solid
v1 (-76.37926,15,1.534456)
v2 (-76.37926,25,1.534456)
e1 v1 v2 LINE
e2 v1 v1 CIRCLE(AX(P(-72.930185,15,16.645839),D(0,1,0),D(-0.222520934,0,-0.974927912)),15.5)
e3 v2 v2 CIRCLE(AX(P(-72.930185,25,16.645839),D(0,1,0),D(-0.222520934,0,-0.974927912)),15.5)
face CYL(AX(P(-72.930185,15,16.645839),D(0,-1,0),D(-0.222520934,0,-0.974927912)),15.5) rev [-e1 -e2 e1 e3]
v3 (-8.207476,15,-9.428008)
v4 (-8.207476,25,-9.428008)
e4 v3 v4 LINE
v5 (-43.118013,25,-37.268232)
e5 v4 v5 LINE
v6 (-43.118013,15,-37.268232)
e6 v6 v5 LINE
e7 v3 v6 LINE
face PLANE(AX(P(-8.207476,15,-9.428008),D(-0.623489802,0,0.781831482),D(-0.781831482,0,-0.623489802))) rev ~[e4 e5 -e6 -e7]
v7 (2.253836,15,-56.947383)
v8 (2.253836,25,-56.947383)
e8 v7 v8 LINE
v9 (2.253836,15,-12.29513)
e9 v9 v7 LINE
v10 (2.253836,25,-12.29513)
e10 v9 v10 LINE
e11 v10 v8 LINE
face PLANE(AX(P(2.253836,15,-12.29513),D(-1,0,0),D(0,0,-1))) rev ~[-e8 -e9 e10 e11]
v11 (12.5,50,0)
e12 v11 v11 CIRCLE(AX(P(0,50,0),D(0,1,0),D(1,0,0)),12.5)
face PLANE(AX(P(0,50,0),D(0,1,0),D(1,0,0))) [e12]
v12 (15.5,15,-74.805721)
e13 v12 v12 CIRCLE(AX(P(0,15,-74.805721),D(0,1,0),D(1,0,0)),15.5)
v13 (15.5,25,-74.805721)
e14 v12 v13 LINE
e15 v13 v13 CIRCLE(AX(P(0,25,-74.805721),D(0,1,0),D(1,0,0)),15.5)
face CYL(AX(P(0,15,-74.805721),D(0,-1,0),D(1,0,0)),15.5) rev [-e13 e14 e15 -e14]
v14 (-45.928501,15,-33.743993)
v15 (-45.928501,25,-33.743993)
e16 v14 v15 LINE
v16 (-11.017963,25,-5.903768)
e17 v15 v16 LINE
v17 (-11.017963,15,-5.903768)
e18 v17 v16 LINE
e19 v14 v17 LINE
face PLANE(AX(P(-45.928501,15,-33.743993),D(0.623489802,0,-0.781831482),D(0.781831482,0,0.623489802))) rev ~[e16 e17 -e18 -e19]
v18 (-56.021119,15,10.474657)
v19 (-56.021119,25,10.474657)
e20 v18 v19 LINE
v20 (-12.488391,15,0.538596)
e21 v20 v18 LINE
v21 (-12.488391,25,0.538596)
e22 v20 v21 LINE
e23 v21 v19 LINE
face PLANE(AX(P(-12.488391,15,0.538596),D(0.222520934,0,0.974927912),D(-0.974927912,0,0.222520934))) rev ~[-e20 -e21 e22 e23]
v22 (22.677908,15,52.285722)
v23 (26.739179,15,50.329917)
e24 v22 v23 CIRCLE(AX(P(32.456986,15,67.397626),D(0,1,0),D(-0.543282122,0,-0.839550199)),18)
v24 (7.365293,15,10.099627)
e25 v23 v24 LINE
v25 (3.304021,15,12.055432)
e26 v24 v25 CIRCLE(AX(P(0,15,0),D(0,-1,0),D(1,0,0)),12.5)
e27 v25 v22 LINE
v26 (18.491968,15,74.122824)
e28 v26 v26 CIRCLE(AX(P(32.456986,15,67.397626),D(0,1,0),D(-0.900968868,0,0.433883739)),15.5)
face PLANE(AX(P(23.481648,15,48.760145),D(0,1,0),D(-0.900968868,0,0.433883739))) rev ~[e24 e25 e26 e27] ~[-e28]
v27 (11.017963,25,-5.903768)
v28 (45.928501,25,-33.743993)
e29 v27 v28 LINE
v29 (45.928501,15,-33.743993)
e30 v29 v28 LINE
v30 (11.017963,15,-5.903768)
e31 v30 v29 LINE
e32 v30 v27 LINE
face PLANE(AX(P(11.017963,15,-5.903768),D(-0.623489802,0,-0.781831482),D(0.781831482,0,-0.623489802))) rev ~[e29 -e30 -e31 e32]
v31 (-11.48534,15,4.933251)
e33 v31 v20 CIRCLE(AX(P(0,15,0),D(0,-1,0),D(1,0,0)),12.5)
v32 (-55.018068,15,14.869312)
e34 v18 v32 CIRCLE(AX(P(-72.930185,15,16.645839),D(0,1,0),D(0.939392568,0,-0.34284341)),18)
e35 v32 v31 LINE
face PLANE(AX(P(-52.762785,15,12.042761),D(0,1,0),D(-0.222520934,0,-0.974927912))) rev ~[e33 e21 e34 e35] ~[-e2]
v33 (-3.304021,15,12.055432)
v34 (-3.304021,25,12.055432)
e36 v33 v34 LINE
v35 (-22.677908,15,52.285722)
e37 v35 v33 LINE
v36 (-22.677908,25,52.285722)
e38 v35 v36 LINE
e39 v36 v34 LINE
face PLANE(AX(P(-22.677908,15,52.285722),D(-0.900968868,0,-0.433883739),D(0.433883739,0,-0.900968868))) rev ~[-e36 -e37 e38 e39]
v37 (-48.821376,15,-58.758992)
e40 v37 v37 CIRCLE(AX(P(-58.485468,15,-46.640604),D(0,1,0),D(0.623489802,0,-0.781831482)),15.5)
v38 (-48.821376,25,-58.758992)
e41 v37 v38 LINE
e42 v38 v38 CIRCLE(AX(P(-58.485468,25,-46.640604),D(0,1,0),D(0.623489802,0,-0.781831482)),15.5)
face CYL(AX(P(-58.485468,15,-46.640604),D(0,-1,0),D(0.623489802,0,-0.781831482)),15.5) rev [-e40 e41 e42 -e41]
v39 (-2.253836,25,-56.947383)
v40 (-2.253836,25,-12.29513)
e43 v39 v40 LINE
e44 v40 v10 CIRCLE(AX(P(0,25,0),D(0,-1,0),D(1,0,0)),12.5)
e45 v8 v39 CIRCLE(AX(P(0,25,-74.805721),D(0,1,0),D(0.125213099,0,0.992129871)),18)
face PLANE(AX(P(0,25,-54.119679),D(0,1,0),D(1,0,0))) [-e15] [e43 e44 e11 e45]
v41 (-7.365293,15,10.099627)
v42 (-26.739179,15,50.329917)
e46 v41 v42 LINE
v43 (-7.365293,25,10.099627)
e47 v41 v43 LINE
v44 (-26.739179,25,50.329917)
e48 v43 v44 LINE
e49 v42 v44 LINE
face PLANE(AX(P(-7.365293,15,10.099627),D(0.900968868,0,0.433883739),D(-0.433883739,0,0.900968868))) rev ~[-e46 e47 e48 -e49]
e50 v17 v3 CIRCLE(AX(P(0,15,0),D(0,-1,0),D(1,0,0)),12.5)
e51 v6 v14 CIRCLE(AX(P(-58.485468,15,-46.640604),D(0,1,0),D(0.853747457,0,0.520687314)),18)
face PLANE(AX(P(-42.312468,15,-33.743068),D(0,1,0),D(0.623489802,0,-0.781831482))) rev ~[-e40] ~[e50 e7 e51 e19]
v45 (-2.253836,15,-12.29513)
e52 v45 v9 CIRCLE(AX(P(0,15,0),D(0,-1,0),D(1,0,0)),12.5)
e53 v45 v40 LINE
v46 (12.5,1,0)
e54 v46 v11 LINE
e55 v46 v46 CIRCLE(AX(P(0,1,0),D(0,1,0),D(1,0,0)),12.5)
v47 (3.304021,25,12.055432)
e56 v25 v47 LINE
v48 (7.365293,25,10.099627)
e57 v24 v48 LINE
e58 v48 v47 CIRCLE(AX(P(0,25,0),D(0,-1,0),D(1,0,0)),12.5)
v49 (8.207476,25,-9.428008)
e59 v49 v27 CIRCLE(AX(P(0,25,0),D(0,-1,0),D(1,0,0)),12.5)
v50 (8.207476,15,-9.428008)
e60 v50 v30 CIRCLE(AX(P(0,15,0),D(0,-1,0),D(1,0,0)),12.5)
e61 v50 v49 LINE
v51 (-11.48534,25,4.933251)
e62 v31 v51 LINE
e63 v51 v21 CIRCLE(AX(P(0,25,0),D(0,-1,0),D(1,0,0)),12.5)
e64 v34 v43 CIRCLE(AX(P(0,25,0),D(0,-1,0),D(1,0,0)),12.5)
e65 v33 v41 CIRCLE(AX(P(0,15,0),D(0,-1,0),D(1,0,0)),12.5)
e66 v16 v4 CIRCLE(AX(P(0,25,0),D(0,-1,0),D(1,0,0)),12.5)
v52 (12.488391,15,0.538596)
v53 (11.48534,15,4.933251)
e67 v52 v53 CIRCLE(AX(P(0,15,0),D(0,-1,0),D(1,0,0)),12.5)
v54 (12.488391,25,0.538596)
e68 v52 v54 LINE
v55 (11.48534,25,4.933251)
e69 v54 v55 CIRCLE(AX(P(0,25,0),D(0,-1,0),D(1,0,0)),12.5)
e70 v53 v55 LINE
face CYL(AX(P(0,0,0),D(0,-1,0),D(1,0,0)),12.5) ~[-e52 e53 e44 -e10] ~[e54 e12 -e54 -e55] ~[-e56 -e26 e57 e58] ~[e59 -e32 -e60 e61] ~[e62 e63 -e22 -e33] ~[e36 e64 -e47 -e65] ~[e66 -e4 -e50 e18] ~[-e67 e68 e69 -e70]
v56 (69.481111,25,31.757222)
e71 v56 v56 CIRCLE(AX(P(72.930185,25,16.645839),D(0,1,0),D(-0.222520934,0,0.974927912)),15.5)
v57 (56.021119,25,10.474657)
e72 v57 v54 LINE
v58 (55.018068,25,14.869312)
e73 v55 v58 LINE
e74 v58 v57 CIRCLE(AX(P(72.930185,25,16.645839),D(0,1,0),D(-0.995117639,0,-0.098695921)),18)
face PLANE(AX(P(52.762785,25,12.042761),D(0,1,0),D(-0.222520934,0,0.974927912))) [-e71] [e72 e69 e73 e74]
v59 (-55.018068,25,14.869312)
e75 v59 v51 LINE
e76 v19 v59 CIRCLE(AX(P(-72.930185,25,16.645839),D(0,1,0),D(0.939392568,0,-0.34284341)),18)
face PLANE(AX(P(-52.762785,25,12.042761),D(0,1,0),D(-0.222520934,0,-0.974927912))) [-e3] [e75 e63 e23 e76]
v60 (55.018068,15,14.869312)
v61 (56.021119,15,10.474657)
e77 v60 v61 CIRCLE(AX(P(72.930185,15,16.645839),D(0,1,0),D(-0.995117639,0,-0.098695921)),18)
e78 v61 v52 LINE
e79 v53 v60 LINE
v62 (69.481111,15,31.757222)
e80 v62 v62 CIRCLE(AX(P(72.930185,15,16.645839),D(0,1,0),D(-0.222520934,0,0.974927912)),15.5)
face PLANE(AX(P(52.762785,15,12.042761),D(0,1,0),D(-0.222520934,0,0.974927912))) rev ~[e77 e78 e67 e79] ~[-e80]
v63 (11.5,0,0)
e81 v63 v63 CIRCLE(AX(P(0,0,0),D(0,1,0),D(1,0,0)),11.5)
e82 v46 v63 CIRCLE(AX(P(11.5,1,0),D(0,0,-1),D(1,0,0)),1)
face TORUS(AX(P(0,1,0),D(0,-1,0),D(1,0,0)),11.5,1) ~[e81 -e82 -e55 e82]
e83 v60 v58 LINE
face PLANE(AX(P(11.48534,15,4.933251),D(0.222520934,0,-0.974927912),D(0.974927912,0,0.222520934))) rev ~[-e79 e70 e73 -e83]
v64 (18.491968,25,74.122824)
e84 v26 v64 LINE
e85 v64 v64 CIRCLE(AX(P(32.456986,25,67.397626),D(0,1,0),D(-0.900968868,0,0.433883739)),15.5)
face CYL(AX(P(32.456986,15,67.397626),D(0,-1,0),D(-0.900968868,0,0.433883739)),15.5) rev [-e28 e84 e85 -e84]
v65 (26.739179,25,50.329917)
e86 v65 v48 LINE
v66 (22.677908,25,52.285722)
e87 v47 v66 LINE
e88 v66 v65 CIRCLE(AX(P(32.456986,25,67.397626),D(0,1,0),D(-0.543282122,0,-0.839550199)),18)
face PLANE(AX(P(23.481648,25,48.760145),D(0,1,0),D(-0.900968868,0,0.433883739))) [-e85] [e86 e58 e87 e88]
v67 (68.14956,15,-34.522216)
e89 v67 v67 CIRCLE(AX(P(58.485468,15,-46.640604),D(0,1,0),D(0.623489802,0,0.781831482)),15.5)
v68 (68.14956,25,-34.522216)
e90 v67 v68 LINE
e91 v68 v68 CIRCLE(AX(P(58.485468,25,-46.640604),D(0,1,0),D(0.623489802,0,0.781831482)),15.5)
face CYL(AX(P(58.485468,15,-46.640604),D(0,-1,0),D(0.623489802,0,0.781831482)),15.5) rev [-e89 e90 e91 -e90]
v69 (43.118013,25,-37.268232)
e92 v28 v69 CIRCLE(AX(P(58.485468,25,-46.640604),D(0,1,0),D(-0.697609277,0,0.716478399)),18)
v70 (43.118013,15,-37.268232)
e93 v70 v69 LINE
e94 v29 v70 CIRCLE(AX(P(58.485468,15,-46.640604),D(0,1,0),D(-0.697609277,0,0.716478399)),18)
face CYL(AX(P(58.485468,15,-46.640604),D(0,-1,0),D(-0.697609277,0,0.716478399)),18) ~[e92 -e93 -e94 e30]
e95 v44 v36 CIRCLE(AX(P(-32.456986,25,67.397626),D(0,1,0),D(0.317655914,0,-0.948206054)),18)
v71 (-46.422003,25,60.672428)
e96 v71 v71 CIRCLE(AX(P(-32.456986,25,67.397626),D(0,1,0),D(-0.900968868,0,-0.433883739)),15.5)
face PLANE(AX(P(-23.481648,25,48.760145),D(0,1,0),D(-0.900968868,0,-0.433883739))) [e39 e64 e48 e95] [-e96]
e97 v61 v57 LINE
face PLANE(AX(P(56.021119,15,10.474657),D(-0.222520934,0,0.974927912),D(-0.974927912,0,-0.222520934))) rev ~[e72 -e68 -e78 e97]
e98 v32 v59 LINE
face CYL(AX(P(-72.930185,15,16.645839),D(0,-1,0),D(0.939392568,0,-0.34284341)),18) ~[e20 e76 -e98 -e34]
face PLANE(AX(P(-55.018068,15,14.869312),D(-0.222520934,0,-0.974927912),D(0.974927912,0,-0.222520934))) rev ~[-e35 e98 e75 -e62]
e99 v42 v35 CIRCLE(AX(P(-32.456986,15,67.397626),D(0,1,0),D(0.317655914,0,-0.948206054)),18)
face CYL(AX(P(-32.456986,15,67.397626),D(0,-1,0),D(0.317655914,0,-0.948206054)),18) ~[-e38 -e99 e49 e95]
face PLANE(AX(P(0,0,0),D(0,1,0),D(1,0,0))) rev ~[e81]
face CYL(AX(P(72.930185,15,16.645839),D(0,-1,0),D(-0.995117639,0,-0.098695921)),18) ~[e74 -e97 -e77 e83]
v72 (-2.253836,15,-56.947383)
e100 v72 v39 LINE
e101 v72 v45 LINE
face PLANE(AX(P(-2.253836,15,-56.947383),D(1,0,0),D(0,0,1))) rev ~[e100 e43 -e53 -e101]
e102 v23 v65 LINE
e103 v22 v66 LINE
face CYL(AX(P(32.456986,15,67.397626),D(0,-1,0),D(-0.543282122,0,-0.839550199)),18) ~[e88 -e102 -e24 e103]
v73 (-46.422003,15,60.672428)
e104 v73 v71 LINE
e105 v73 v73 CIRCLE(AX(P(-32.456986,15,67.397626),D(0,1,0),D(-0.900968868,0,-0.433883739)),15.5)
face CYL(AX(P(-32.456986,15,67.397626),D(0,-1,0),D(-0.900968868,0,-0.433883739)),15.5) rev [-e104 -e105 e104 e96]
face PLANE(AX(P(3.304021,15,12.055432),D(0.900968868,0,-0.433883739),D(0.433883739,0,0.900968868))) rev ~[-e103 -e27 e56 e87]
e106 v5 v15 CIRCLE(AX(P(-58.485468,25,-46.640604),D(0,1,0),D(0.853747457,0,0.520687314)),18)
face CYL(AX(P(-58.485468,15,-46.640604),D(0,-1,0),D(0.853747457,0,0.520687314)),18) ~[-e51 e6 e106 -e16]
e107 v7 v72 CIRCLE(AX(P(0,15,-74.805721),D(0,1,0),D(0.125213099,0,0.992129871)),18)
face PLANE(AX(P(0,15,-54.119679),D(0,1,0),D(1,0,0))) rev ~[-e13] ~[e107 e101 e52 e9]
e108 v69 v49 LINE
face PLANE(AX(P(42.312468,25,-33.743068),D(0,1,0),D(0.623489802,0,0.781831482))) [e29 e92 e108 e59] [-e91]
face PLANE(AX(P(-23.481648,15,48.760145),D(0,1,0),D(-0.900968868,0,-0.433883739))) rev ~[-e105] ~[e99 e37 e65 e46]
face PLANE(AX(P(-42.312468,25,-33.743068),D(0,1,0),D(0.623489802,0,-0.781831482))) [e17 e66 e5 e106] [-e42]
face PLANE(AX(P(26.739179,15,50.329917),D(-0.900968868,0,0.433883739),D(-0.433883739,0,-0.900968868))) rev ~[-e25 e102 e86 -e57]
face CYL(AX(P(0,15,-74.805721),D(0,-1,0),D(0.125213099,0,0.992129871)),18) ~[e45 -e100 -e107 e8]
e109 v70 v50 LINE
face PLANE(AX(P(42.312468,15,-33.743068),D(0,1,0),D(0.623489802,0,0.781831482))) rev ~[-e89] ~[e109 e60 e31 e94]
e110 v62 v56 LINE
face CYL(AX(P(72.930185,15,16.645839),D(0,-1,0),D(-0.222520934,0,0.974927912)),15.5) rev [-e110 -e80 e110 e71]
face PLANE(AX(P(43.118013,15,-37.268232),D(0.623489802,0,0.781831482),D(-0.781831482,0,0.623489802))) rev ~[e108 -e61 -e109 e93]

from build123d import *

# Parameters (mm, degrees)
SKETCH1_R           = 12.5
BOSS_EXTRUDE1_DEPTH = 50
BOSS_EXTRUDE2_START = 15
SKETCH3_R           = 15.5
BOSS_EXTRUDE2_DEPTH = 10
CIRPATTERN1_COUNT   = 7
FILLET1_R           = 1


with BuildPart() as part:
    # Sketch1 → Boss-Extrude1 (new body)
    with BuildSketch(Plane(origin=(0, 0, 0), x_dir=(1, 0, 0), z_dir=(0, 1, 0))):
        Circle(SKETCH1_R)
    extrude(amount=BOSS_EXTRUDE1_DEPTH)

    # Sketch3 → Boss-Extrude2 (add)
    with BuildSketch(Plane(origin=(0, 0, 0), x_dir=(1, 0, 0), z_dir=(0, 1, 0)).offset(BOSS_EXTRUDE2_START)):
        with BuildLine():
            Line((-2.253835774, 56.947383215), (-2.253835774, 12.295130105))
            Line((-2.253835774, 12.295130105), (2.253835774, 12.295130105))
            Line((2.253835774, 12.295130105), (2.253835774, 56.947383215))
            ThreePointArc((2.253835774, 56.947383215), (0, 92.805720885), (-2.253835774, 56.947383215))
        make_face()
        with Locations((0, 74.805720885)):
            Circle(SKETCH3_R, mode=Mode.SUBTRACT)
    boss_extrude2 = extrude(amount=BOSS_EXTRUDE2_DEPTH)

    # CirPattern1: Boss-Extrude2 ×7 about axis
    cirpattern1_axis = Axis((0, 0, 0), (0, 1, 0))
    for i in range(1, CIRPATTERN1_COUNT):
        add(boss_extrude2.rotate(cirpattern1_axis, i * 360 / CIRPATTERN1_COUNT))

    # Fillet1
    fillet1_edges = [part.edges().sort_by_distance(p)[0] for p in [
        (-12.5, 0, 0),
    ]]
    fillet(fillet1_edges, radius=FILLET1_R)


solid = part.part
